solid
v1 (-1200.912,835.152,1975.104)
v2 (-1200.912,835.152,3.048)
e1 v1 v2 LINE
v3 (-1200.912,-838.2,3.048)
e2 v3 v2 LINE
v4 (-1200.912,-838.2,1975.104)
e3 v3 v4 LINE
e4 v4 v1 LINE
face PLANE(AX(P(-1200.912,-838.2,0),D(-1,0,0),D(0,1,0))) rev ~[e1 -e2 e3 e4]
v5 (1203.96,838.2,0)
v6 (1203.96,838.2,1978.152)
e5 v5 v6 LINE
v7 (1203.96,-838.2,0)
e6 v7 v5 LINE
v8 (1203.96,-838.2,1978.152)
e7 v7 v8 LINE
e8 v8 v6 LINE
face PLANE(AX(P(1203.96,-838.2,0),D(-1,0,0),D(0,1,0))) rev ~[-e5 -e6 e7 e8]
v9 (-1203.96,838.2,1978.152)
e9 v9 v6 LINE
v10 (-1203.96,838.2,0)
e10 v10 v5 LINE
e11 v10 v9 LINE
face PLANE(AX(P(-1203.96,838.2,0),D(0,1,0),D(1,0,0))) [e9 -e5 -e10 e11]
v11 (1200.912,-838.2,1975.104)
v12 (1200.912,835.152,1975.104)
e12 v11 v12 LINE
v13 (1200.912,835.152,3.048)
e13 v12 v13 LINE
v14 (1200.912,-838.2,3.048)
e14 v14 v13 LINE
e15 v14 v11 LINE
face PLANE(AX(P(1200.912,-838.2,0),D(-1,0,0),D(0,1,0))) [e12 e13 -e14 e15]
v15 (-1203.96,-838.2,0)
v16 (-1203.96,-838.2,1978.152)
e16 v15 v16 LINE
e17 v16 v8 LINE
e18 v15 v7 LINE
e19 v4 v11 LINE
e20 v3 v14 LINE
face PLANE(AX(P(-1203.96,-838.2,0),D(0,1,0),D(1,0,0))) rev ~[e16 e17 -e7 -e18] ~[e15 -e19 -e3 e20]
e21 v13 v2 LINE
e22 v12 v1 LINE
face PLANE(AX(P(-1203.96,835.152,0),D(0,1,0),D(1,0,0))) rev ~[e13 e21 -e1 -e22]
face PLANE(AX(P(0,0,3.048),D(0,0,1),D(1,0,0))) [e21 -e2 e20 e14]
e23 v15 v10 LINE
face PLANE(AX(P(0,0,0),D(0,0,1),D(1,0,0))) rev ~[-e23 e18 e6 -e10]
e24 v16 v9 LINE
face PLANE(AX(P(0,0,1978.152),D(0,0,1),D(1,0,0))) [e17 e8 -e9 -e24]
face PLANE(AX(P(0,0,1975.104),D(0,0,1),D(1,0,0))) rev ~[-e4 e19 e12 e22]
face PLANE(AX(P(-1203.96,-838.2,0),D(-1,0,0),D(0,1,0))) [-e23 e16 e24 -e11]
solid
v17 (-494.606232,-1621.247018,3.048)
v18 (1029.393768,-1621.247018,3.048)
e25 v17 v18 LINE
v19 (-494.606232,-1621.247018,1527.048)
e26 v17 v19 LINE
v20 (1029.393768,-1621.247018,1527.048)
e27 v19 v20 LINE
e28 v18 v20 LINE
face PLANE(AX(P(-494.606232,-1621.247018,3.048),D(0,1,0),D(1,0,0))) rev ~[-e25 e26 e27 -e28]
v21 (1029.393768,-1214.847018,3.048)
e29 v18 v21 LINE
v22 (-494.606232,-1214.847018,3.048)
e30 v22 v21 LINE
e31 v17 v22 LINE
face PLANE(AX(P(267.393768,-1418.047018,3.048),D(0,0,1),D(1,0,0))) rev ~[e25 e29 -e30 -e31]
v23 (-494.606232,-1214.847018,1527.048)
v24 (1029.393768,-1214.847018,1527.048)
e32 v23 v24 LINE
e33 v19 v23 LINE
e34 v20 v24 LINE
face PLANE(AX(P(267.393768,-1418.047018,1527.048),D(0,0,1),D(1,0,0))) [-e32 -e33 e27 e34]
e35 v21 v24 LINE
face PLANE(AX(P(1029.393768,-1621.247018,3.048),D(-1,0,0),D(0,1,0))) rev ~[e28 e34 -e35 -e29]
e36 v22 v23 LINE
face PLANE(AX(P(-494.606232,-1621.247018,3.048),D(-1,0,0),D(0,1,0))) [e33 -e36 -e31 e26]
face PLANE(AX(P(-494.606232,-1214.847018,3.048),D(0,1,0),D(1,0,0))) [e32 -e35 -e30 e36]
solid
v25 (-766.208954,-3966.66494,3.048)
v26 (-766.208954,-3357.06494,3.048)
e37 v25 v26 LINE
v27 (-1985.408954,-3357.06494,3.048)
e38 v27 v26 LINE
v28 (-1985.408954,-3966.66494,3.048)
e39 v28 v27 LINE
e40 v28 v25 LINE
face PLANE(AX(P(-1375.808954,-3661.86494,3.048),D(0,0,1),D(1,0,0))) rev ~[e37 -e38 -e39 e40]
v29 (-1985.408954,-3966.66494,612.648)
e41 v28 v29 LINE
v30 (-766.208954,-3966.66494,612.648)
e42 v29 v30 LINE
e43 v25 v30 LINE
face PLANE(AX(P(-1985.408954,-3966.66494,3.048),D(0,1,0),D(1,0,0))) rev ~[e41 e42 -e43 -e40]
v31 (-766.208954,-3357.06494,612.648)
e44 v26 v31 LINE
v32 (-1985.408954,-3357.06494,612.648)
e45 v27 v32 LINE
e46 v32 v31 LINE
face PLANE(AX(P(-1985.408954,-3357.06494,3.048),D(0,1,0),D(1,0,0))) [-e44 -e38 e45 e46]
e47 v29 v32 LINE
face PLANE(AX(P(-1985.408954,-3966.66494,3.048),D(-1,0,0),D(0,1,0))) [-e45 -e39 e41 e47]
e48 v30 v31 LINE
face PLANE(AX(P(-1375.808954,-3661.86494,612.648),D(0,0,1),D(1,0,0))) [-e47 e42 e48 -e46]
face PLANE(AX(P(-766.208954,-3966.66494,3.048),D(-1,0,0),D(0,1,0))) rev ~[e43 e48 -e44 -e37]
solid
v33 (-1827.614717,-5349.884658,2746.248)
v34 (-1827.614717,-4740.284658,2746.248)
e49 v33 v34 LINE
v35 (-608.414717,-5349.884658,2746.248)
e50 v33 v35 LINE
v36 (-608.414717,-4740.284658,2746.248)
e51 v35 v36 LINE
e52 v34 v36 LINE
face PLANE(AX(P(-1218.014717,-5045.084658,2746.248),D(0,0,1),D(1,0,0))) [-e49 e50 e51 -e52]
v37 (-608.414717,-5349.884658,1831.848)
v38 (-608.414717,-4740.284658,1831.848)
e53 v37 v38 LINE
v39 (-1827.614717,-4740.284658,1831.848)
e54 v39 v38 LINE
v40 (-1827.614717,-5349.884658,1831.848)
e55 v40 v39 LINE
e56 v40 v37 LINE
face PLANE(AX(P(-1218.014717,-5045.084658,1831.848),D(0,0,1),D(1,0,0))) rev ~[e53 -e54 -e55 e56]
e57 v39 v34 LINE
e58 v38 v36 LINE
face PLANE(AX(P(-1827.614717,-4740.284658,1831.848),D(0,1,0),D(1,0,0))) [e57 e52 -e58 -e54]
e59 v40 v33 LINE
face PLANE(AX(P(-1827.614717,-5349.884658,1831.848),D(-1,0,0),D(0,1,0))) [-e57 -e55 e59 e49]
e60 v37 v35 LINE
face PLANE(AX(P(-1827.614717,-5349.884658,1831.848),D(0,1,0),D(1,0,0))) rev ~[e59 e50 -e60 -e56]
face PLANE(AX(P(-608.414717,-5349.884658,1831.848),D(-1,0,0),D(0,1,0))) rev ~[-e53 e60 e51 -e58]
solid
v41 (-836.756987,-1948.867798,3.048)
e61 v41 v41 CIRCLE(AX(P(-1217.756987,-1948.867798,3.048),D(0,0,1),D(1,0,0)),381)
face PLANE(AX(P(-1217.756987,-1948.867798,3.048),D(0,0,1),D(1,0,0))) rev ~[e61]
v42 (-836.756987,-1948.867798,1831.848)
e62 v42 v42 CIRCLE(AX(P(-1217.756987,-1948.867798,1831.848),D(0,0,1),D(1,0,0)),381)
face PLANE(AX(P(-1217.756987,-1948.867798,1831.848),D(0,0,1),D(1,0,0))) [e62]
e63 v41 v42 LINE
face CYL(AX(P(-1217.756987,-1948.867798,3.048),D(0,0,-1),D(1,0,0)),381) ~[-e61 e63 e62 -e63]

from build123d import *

# Parameters (mm, degrees)
F0_W      = 2407.92
F0_H      = 1676.4
F1_DEPTH  = 1978.152
F2_T      = -3.048
F3_R      = 381
F4_DEPTH  = 1828.8
F5_W      = 1524
F5_H      = 406.4
F6_DEPTH  = 1524
F7_W      = 1219.2
F7_H      = 609.6
F8_DEPTH  = 914.4
F9_W      = 1219.2
F9_H      = 609.6
F10_DEPTH = 609.6


with BuildPart() as f1:
    # F0 (on Top) → F1 (new body)
    with BuildSketch(Plane.XY):
        Rectangle(F0_W, F0_H)
    extrude(amount=F1_DEPTH)

    # F2
    f2_openings = [f1.faces().sort_by_distance(p)[0] for p in [
        (0, -838.2, 989.076),
    ]]
    offset(amount=F2_T, openings=f2_openings)


with BuildPart() as f4:
    # F3 (on face) → F4 (new body)
    with BuildSketch(Plane.XY.offset(3.048)):
        with Locations((-1217.756987, -1948.867798)):
            Circle(F3_R)
    extrude(amount=F4_DEPTH)


with BuildPart() as f6:
    # F5 (on face) → F6 (new body)
    with BuildSketch(Plane.XY.offset(3.048)):
        with Locations((267.393768, -1418.047018)):
            Rectangle(F5_W, F5_H)
    extrude(amount=F6_DEPTH)


with BuildPart() as f8:
    # F7 (on face) → F8 (new body)
    with BuildSketch(Plane.XY.offset(1831.848)):
        with Locations((-1218.014717, -5045.084658)):
            Rectangle(F7_W, F7_H)
    extrude(amount=F8_DEPTH)


with BuildPart() as f10:
    # F9 (on face) → F10 (new body)
    with BuildSketch(Plane.XY.offset(3.048)):
        with Locations((-1375.808954, -3661.86494)):
            Rectangle(F9_W, F9_H)
    extrude(amount=F10_DEPTH)


solid = Compound([f1.part, f4.part, f6.part, f8.part, f10.part])
